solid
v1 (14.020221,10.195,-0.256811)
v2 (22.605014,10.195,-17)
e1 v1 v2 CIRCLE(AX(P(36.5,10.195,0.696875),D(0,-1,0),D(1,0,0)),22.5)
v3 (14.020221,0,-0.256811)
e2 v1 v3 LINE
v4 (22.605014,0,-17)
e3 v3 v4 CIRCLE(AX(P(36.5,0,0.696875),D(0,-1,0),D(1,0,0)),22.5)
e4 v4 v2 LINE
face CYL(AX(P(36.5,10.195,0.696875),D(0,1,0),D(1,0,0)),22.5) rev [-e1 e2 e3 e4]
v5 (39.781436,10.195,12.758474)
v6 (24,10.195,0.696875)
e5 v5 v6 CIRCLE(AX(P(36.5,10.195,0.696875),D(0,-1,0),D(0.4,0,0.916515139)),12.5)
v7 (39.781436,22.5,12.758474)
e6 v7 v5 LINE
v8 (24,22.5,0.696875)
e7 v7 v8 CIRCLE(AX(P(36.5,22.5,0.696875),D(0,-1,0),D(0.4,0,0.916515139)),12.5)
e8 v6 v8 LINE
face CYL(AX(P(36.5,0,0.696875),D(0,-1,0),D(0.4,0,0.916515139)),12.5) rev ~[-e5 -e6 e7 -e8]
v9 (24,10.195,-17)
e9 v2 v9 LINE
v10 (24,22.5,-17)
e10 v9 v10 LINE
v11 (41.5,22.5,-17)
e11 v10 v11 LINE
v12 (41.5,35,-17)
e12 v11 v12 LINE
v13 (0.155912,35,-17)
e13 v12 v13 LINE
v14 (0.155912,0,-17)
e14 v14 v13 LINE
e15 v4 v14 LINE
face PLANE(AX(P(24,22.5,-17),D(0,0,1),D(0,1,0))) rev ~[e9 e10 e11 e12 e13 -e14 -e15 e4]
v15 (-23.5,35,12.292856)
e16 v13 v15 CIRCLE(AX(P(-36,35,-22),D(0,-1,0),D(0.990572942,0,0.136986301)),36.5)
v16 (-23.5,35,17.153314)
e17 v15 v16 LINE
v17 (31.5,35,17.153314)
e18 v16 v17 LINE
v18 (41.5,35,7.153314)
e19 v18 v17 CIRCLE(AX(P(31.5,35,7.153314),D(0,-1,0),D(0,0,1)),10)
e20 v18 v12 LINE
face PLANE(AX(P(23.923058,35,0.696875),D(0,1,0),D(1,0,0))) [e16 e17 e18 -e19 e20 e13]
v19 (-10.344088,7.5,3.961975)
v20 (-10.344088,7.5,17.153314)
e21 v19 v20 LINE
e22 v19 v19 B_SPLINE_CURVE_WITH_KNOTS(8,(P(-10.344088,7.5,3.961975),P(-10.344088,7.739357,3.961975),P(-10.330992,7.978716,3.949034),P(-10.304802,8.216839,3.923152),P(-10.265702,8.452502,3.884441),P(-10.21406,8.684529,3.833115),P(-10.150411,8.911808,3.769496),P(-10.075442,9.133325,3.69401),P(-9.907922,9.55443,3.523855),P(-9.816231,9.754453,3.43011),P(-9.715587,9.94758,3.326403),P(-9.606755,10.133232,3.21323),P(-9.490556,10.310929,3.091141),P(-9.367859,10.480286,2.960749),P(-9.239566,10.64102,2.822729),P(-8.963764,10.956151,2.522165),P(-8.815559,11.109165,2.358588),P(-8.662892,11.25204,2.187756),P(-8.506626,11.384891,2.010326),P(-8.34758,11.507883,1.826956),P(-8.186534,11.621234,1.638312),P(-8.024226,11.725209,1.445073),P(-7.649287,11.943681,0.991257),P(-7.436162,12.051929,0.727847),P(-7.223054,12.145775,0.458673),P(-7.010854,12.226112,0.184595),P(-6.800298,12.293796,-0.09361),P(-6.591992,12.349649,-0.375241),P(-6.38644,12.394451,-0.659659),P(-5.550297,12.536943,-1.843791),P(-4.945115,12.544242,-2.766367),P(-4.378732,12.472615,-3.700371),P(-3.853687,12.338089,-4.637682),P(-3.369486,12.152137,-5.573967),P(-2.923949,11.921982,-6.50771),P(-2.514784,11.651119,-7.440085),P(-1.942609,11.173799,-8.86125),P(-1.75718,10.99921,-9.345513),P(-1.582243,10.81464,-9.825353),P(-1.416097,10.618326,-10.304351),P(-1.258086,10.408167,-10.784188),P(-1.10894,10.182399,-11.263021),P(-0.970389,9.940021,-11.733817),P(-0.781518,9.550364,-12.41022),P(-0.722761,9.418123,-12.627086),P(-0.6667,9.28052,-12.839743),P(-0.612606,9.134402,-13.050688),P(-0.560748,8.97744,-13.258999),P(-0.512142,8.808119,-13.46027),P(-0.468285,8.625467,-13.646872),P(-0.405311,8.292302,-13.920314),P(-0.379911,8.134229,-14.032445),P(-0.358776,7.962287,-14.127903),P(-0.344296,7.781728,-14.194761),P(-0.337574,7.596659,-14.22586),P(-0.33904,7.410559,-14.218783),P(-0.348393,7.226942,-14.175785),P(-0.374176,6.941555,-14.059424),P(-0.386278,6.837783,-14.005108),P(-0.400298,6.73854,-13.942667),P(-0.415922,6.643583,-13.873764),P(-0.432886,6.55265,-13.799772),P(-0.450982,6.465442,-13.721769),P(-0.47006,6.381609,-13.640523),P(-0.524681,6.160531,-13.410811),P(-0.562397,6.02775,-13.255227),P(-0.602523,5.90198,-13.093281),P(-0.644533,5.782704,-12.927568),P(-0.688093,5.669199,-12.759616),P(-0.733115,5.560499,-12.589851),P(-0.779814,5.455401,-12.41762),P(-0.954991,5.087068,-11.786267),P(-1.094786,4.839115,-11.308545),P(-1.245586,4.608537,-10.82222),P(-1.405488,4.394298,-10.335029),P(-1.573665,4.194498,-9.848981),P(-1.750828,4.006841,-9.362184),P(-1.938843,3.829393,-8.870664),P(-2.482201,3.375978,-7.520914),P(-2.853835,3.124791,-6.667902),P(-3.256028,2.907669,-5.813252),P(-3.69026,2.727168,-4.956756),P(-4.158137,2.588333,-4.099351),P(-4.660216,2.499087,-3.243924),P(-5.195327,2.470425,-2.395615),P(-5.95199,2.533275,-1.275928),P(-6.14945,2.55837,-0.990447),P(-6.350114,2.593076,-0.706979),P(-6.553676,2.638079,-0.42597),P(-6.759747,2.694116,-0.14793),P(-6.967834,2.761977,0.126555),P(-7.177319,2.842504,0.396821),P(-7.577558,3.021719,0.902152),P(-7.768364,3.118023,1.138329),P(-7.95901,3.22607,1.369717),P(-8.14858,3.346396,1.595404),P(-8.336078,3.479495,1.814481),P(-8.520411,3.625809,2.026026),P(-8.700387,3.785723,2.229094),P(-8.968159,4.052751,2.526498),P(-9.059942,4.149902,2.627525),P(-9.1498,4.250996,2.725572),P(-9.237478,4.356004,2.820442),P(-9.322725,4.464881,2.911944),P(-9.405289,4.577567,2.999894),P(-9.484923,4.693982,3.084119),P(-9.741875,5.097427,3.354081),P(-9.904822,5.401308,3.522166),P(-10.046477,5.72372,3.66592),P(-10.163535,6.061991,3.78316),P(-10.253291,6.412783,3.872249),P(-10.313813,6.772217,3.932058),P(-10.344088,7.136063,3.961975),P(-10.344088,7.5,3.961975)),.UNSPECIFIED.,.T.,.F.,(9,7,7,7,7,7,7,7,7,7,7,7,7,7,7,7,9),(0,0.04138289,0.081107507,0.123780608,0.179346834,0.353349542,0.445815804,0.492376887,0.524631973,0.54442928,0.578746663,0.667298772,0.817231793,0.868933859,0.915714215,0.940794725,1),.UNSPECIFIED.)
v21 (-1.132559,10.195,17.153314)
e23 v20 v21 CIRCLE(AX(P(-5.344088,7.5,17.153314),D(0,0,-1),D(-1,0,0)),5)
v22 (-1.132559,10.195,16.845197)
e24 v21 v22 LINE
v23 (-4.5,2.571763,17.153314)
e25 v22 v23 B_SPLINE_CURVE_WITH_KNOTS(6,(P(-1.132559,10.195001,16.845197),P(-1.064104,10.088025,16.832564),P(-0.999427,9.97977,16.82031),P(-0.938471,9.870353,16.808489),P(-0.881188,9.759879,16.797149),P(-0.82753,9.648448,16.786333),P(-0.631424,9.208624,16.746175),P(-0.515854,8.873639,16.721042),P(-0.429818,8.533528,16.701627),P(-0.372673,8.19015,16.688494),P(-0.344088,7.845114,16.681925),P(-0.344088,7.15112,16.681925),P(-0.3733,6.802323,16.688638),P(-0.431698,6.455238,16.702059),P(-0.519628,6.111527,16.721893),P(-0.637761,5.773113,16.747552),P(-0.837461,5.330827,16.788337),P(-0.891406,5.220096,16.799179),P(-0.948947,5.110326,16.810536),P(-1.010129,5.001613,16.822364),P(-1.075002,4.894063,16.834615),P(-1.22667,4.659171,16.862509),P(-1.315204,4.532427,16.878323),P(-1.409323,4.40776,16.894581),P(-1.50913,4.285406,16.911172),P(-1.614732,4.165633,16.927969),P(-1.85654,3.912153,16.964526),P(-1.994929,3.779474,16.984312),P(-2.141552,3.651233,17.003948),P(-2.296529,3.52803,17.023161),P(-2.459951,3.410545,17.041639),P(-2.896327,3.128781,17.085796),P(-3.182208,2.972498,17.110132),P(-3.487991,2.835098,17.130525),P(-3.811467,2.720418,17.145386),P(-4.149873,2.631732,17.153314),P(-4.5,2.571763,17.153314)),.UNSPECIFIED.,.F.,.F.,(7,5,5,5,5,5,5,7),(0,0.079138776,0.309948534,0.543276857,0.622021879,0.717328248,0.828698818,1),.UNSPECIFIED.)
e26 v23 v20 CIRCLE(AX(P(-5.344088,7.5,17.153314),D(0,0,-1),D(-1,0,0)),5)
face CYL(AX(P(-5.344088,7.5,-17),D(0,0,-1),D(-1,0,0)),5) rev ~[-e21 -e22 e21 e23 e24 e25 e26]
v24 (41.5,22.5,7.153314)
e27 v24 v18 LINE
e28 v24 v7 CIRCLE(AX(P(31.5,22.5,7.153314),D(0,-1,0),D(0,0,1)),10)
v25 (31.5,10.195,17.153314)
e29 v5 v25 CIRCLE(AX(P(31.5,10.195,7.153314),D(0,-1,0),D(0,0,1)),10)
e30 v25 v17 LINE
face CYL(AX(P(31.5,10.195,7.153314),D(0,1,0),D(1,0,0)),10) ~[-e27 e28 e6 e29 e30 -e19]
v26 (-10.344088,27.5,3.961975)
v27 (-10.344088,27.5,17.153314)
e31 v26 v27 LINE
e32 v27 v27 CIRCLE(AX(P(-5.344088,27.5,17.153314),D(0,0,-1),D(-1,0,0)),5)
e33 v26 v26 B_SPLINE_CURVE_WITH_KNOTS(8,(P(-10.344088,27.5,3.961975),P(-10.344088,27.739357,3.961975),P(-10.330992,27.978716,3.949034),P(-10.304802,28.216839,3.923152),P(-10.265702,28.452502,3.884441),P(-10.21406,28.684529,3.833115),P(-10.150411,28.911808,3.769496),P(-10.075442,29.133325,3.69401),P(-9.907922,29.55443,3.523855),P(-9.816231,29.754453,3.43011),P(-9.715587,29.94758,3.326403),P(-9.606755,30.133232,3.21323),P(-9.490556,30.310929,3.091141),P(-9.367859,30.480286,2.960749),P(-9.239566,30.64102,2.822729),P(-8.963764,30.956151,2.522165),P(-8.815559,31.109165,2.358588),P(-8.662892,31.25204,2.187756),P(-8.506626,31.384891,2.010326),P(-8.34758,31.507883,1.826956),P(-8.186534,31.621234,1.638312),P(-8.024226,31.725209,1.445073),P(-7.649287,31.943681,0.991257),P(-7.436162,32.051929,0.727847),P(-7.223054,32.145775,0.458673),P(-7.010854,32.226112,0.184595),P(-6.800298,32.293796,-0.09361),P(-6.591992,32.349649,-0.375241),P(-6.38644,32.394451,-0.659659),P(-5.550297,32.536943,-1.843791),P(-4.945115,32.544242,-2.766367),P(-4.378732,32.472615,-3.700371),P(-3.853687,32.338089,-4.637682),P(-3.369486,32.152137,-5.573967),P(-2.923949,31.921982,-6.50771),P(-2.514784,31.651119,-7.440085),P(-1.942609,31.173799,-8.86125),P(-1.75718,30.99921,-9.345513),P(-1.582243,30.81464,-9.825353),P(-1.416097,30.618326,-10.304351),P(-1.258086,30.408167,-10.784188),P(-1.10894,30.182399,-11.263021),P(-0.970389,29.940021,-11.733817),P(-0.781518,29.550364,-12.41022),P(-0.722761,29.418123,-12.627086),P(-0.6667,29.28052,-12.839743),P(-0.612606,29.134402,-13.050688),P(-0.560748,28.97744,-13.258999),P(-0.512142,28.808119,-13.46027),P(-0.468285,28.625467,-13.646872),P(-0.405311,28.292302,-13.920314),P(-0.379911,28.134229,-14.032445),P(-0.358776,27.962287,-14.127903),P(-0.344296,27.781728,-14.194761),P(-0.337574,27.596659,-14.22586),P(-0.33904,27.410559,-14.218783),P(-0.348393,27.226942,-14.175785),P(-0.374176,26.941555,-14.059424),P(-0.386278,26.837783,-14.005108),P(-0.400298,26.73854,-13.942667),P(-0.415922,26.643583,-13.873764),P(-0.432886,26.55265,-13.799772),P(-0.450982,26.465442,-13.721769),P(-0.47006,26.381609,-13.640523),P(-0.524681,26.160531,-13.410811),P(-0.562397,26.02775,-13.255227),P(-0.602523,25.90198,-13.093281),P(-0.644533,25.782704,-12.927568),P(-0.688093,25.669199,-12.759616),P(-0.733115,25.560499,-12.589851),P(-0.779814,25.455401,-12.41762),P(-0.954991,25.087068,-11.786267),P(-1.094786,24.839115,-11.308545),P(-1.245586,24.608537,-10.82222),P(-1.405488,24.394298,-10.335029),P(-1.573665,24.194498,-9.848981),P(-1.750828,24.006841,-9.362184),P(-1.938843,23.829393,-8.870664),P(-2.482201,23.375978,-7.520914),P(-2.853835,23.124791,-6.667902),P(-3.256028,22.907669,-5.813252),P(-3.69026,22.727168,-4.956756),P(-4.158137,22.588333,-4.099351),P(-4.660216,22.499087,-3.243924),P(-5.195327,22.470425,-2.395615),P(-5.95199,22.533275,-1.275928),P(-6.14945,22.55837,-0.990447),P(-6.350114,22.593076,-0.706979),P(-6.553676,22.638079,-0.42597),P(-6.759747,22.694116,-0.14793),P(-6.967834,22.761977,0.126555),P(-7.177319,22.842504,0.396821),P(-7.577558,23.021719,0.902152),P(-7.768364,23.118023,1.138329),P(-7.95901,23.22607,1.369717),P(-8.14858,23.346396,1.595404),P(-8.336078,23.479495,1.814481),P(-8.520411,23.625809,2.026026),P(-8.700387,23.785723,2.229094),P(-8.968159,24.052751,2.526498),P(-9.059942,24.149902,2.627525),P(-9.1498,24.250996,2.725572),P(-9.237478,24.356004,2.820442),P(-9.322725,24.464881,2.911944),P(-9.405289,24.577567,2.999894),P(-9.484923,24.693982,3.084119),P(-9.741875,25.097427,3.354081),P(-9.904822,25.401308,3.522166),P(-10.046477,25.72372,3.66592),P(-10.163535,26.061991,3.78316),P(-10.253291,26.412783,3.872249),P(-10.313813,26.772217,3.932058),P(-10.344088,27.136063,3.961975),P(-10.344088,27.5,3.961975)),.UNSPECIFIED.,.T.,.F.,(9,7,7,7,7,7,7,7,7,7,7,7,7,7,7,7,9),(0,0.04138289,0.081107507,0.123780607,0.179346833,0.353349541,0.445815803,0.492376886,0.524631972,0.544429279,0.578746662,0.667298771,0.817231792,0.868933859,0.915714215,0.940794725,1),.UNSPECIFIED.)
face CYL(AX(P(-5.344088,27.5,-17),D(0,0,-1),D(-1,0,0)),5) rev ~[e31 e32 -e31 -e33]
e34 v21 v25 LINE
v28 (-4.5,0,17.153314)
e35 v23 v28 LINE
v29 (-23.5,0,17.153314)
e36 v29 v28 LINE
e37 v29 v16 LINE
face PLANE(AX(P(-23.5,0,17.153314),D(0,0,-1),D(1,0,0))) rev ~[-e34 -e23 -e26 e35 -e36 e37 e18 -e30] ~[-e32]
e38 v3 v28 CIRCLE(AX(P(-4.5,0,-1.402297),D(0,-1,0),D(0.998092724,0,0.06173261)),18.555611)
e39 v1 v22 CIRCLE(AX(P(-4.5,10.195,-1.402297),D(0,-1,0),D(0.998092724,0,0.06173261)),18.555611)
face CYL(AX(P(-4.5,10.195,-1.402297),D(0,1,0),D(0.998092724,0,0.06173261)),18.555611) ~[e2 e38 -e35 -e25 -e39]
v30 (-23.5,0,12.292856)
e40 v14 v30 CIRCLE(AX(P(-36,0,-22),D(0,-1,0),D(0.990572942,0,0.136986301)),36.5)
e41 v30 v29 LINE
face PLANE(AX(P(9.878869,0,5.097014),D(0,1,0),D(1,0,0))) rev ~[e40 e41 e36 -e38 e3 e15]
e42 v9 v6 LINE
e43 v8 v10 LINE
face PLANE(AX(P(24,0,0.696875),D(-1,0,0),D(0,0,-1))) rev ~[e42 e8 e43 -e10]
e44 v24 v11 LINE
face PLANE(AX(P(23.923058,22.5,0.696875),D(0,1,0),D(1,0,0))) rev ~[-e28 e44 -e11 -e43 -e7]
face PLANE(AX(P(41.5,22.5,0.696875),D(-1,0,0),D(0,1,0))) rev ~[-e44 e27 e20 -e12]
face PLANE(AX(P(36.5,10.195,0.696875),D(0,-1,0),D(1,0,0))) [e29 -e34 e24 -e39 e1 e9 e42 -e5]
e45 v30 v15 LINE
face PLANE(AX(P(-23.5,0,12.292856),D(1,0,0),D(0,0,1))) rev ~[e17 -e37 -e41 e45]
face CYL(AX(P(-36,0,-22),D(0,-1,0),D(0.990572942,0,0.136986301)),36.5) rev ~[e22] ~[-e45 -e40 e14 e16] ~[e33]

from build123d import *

# Parameters (mm, degrees)
BOSS_EXTRUDE1_DEPTH = 35
SKETCH2_W           = 17.696874766
SKETCH2_H           = 12.5
BOSS_EXTRUDE2_DEPTH = 17.5
BOSS_EXTRUDE3_REACH = 59.1
SKETCH3_W           = 17.576942212
SKETCH3_H           = 12.5
SKETCH6_R           = 5
CUT_EXTRUDE4_DEPTH  = 34.153314003
CUT_EXTRUDE5_START  = -10.195
SKETCH7_R           = 22.5
CUT_EXTRUDE5_DEPTH  = 10.195
CUT_EXTRUDE6_START  = -10.195
CUT_EXTRUDE6_DEPTH  = 10.195
FILLET1_R           = 10


with BuildPart() as part:
    # Sketch1 → Boss-Extrude1 (new body)
    with BuildSketch(Plane(origin=(0, 0, 0), x_dir=(1, 0, 0), z_dir=(0, 1, 0))):
        with BuildLine():
            Line((-23.500000002, -12.2928564), (-23.500000002, -17.153314003))
            Line((-23.500000002, -17.153314003), (41.499999998, -17.153314003))
            Line((41.499999998, -17.153314003), (41.499999998, -12.153314003))
            ThreePointArc((41.499999998, -12.153314003), (29.653468029, -11.155125098), (23.999999998, -0.696874766))
            Line((23.999999998, -0.696874766), (23.999999998, 17))
            Line((23.999999998, 17), (0.15591238, 17))
            ThreePointArc((0.15591238, 17), (-7.603392609, -0.932132231), (-23.500000002, -12.2928564))
        make_face()
    extrude(amount=BOSS_EXTRUDE1_DEPTH)

    # Sketch2 → Boss-Extrude2 (add)
    with BuildSketch(Plane(origin=(23.999999998, 0, 0), x_dir=(0, 0, -1), z_dir=(1, 0, 0))):
        with Locations((8.151562617, 28.75)):
            Rectangle(SKETCH2_W, SKETCH2_H)
    extrude(amount=BOSS_EXTRUDE2_DEPTH)

    # Sketch3 → Boss-Extrude3 (add, up to next)
    with BuildSketch(Plane.XY.offset(0.696874766), mode=Mode.PRIVATE) as boss_extrude3_sk1:
        with Locations((32.711528892, 28.75)):
            Rectangle(SKETCH3_W, SKETCH3_H)
    boss_extrude3_tool1 = extrude(boss_extrude3_sk1.sketch, amount=BOSS_EXTRUDE3_REACH, mode=Mode.PRIVATE) - part.part
    add(boss_extrude3_tool1.solids().sort_by_distance((32.711529, 28.75, 0.696875))[0])

    # Sketch6 → Cut-Extrude4 (cut)
    with BuildSketch(Plane(origin=(0, 0, -17), x_dir=(-1, 0, 0), z_dir=(0, 0, -1))):
        with Locations((5.34408762, 7.5)):
            Circle(SKETCH6_R)
        with Locations((5.34408762, 27.5)):
            Circle(SKETCH6_R)
    extrude(amount=-CUT_EXTRUDE4_DEPTH, mode=Mode.SUBTRACT)

    # Sketch7 → Cut-Extrude5 (cut)
    with BuildSketch(Plane.XZ.offset(CUT_EXTRUDE5_START)):
        with Locations((36.499999998, 0.696874766)):
            Circle(SKETCH7_R)
    extrude(amount=CUT_EXTRUDE5_DEPTH, mode=Mode.SUBTRACT)

    # Sketch8 → Cut-Extrude6 (cut)
    with BuildSketch(Plane.XZ.offset(CUT_EXTRUDE6_START)):
        with BuildLine():
            Line((-4.500000002, 17.153314003), (41.499999998, 17.153314003))
            Line((41.499999998, 17.153314003), (41.499999998, -17))
            Line((41.499999998, -17), (22.605014445, -17))
            Line((22.605014445, -17), (14.020220559, -0.256810916))
            ThreePointArc((14.020220559, -0.256810916), (8.209356978, 12.117427379), (-4.500000002, 17.153314003))
        make_face()
    extrude(amount=CUT_EXTRUDE6_DEPTH, mode=Mode.SUBTRACT)

    # Fillet1
    fillet1_edges = [part.edges().sort_by_distance(p)[0] for p in [
        (41.499999998, 22.5975, 17.153314003),
    ]]
    fillet(fillet1_edges, radius=FILLET1_R)


solid = part.part
